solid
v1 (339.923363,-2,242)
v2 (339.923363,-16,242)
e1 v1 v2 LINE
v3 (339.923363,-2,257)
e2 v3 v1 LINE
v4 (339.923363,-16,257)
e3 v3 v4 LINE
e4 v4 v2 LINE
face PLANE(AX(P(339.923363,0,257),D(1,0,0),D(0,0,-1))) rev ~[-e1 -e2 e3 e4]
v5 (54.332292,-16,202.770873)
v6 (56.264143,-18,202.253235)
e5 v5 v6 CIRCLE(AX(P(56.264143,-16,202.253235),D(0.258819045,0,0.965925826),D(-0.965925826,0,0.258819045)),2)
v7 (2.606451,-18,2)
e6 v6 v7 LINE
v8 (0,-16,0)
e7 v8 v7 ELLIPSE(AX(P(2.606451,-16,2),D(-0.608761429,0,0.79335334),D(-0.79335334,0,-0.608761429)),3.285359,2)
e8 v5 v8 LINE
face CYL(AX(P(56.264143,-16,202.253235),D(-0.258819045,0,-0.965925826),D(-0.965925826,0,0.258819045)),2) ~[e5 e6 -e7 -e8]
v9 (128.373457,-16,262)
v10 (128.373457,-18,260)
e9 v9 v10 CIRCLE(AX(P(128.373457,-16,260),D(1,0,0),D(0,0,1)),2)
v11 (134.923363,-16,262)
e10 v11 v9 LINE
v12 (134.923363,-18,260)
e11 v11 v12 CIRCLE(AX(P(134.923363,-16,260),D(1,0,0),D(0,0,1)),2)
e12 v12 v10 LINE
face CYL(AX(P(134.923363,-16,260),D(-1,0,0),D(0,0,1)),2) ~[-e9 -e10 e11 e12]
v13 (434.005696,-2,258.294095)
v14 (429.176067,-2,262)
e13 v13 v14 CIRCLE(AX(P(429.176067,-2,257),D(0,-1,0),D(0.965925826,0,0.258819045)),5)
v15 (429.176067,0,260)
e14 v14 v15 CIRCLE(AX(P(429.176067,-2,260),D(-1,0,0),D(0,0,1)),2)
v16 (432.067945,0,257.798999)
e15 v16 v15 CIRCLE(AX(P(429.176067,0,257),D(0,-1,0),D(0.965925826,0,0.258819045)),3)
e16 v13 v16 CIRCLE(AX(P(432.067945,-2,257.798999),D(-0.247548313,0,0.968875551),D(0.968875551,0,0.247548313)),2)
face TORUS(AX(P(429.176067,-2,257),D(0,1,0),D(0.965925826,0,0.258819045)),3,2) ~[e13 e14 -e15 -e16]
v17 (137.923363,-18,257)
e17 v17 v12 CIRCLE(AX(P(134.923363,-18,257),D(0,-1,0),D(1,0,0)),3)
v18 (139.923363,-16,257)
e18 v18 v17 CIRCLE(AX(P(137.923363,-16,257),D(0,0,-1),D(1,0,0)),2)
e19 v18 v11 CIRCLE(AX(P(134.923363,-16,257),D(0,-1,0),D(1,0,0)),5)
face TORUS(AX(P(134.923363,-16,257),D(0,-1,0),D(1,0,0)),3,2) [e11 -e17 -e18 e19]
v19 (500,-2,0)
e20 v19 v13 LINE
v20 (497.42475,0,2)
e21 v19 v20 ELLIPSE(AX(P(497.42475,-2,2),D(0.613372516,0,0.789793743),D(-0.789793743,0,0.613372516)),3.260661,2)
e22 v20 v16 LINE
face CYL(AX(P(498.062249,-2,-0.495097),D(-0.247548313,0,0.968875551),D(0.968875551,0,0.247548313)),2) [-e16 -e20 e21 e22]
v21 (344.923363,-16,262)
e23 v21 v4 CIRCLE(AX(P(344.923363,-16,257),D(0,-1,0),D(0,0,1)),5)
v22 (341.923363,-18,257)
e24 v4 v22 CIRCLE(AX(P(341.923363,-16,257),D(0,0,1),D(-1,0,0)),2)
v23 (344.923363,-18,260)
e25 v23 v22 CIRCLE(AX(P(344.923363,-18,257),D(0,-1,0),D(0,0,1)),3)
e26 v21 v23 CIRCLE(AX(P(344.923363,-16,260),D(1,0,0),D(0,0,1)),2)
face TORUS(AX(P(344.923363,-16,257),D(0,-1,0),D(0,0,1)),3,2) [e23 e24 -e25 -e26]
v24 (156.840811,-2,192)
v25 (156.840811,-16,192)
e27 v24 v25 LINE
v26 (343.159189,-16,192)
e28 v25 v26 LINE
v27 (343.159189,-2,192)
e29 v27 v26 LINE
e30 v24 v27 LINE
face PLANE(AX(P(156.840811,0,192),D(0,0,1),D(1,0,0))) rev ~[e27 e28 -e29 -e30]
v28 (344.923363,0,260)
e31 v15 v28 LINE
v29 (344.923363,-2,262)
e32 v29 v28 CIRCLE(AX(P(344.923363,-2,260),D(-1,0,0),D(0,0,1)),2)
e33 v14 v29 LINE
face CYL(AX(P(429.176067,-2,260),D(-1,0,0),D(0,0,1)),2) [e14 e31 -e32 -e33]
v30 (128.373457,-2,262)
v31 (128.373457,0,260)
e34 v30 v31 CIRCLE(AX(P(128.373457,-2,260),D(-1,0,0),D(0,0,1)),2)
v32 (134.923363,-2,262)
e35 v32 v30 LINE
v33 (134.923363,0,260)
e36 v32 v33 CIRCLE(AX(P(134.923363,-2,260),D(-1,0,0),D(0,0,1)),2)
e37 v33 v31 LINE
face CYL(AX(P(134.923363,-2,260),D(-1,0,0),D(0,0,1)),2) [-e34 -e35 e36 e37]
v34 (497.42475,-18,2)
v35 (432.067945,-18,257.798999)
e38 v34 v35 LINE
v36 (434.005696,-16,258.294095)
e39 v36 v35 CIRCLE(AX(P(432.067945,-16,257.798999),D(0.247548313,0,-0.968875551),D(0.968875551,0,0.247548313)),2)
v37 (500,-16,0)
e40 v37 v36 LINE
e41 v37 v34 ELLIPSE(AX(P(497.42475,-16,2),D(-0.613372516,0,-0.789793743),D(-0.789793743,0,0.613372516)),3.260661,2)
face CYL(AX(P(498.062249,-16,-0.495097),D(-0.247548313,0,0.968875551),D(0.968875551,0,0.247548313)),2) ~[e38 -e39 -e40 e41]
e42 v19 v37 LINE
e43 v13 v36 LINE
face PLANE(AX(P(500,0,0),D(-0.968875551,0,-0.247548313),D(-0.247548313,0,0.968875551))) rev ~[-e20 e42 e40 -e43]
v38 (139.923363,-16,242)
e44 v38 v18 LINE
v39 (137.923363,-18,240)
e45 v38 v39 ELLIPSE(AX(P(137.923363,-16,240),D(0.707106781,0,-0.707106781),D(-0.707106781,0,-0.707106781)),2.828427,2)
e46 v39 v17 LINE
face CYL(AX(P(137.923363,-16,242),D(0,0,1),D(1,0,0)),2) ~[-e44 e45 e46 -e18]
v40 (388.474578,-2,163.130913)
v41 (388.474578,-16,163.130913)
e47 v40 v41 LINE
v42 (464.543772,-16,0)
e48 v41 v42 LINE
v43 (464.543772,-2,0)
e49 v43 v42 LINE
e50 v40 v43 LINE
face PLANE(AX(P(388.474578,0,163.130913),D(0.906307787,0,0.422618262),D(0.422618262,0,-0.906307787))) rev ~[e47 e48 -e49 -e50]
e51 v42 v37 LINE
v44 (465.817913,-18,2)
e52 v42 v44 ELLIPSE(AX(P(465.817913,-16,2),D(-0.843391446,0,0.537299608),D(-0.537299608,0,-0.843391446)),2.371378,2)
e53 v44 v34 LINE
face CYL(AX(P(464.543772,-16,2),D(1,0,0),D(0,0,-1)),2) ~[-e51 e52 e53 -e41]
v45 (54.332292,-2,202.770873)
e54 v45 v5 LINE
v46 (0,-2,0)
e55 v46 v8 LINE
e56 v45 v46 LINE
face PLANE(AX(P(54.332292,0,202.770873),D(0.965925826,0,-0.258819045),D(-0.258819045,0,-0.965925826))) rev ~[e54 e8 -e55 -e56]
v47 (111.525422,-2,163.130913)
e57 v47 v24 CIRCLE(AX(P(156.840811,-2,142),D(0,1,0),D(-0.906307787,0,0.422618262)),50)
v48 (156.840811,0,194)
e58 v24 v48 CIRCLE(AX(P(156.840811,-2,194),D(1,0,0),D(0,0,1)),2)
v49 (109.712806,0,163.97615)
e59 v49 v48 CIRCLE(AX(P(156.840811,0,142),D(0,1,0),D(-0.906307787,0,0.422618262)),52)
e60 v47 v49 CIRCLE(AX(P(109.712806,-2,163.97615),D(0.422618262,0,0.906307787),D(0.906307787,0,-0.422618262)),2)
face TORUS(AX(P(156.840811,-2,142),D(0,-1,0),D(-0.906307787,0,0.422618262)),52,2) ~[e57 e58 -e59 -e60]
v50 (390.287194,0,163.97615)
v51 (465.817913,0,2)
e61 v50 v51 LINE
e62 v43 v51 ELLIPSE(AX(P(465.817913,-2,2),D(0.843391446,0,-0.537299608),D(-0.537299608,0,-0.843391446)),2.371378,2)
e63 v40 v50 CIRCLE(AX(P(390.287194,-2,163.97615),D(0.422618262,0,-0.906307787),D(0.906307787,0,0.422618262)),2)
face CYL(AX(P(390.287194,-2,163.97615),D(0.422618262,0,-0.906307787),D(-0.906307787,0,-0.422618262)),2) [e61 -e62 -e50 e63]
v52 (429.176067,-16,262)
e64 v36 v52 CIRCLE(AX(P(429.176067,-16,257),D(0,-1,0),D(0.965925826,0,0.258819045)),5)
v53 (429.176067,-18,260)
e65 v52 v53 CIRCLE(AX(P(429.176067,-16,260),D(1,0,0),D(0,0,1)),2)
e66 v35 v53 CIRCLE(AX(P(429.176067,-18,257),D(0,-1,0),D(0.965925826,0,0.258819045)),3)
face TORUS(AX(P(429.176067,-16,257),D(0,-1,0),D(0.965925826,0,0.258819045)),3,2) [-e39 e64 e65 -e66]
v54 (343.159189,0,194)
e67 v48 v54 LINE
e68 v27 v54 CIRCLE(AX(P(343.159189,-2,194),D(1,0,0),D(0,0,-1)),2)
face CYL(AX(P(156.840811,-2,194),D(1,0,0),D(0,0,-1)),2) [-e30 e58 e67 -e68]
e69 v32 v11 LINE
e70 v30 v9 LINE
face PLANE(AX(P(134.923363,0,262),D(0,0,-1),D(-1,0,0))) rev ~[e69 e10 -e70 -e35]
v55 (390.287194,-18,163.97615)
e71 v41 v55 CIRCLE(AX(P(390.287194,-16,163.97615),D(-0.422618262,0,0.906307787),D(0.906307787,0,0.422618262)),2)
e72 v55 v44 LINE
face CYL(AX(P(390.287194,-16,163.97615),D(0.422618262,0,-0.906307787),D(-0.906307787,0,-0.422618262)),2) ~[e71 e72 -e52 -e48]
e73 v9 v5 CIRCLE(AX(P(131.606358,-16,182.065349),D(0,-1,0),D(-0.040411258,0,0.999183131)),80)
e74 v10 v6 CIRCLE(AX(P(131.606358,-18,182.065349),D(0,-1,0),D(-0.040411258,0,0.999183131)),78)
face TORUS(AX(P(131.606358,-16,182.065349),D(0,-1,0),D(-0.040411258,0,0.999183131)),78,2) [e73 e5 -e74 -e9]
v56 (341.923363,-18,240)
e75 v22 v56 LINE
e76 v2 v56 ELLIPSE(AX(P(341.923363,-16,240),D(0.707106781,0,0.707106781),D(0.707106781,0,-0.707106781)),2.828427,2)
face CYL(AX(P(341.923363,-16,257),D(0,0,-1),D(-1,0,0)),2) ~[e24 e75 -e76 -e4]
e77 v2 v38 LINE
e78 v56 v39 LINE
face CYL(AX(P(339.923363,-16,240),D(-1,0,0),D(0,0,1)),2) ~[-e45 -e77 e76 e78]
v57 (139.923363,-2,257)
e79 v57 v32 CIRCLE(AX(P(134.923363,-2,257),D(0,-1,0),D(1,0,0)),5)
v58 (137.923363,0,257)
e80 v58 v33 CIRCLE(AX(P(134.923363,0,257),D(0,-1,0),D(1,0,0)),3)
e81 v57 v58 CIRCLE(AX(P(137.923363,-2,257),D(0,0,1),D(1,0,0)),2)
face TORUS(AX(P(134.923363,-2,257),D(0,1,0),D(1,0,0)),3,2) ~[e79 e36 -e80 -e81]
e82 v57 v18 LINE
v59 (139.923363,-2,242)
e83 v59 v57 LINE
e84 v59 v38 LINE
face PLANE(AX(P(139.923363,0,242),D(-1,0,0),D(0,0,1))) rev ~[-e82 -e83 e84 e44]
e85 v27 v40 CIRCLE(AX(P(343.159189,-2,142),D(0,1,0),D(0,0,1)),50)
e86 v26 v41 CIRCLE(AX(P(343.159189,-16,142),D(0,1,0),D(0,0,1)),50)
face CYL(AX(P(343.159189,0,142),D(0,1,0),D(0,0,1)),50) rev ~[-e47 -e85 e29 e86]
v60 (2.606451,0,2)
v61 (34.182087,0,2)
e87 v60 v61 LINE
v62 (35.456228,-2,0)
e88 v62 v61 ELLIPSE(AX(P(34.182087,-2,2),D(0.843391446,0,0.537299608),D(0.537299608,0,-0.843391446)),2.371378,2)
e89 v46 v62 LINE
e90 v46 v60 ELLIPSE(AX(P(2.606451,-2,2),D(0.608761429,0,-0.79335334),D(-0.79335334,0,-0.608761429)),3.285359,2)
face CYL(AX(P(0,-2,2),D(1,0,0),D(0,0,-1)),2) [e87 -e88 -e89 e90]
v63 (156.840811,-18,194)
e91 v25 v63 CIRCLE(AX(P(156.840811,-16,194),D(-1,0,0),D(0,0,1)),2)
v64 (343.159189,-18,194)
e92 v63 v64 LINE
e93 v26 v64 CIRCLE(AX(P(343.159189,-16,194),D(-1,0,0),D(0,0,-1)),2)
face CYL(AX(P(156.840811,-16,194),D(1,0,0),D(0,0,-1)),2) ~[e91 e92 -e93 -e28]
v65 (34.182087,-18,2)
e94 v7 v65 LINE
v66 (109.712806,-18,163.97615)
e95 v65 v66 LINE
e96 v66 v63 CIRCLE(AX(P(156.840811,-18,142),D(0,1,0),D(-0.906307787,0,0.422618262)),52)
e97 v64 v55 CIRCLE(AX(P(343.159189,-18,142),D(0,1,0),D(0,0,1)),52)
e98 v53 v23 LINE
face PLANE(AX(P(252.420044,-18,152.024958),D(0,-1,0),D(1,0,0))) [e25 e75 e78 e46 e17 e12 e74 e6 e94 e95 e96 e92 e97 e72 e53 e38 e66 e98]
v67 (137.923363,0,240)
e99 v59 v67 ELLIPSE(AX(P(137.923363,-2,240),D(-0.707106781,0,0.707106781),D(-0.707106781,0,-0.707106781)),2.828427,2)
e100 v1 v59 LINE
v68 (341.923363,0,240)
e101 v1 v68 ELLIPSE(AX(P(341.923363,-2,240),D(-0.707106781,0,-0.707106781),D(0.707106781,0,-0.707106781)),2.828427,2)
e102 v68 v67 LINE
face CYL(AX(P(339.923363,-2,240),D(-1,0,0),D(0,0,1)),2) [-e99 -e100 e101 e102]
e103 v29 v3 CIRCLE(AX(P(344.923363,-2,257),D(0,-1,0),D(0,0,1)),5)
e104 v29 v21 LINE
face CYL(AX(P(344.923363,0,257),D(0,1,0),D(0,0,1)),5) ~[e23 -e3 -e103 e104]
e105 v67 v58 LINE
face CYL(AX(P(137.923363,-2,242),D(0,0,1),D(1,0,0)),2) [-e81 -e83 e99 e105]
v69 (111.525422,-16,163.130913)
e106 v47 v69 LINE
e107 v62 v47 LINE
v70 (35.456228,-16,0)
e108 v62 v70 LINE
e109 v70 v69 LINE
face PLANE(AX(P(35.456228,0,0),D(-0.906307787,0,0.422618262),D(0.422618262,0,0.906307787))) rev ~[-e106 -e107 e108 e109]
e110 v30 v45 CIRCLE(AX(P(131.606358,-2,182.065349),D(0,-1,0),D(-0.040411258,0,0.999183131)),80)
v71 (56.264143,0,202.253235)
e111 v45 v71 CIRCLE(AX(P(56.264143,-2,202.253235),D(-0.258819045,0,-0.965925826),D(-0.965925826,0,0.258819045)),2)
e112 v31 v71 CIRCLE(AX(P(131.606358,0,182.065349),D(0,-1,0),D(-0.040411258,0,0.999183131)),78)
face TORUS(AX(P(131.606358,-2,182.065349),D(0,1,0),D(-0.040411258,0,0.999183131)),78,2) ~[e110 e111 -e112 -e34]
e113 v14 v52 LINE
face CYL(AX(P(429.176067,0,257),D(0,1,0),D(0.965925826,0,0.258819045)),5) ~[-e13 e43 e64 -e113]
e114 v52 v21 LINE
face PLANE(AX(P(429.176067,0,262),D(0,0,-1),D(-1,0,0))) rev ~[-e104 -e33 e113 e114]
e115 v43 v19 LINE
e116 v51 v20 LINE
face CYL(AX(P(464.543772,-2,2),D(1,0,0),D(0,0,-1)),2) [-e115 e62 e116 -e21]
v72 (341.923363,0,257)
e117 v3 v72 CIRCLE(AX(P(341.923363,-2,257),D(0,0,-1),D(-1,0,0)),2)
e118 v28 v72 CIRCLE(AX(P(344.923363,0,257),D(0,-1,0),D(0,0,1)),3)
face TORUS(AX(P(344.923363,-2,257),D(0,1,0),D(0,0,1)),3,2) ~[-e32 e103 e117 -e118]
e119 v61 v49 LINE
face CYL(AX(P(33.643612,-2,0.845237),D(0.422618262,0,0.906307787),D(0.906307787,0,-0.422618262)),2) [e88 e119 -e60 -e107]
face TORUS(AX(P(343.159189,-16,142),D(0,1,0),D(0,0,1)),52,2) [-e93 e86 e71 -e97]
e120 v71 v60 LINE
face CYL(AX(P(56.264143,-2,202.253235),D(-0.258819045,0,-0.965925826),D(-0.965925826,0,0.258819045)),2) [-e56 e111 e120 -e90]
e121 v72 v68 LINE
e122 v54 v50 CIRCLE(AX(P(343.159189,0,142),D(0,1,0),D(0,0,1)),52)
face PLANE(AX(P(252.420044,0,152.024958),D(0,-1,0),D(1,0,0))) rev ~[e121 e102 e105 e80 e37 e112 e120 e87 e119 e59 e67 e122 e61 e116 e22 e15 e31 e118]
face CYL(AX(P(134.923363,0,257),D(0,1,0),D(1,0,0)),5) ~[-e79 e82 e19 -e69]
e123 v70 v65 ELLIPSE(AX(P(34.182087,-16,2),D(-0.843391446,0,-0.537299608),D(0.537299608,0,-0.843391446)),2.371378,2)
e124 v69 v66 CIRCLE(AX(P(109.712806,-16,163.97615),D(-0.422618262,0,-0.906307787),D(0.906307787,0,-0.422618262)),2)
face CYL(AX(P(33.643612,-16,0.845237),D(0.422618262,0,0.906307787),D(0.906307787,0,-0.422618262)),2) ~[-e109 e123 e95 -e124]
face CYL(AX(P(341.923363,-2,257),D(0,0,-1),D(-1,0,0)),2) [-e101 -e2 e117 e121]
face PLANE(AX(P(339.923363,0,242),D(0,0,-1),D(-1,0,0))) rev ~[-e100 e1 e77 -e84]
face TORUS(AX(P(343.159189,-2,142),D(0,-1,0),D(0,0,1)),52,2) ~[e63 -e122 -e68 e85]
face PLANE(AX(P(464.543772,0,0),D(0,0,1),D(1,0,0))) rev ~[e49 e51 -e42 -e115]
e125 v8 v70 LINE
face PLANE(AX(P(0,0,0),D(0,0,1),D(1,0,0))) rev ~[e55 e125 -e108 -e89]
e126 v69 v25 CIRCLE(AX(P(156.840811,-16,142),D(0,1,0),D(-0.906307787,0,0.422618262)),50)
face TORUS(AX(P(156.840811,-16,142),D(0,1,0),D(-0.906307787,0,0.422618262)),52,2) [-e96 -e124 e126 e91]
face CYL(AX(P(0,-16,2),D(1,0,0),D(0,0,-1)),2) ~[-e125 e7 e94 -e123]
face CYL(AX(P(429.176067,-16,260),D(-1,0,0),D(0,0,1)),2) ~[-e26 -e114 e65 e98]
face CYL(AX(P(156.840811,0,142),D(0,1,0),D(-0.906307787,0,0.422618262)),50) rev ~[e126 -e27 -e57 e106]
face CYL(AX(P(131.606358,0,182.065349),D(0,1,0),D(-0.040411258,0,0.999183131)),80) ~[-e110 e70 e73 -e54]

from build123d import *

# Parameters (mm, degrees)
F1_DEPTH = 18
F2_R     = 2


with BuildPart() as f1:
    # F0 (on Front) → F1 (new body)
    with BuildSketch(Plane.XZ):
        with BuildLine():
            Line((54.3322916932, 202.7708730905), (0, 0))
            Line((0, 0), (35.456227742, 0))
            Line((35.456227742, 0), (111.5254217963, 163.130913087))
            ThreePointArc((111.5254217963, 163.130913087), (129.9758307308, 184.1695722906), (156.8408111482, 192))
            Line((156.8408111482, 192), (343.1591888518, 192))
            ThreePointArc((343.1591888518, 192), (370.0241692692, 184.1695722906), (388.4745782037, 163.130913087))
            Line((388.4745782037, 163.130913087), (464.543772258, 0))
            Line((464.543772258, 0), (500, 0))
            Line((500, 0), (434.0056960838, 258.2940952255))
            ThreePointArc((434.0056960838, 258.2940952255), (432.2198740974, 260.9667667015), (429.1760669523, 262))
            Line((429.1760669523, 262), (371.6265428539, 262))
            Line((371.6265428539, 262), (344.9233630828, 262))
            ThreePointArc((344.9233630828, 262), (341.3878291768, 260.5355339059), (339.9233630828, 257))
            Line((339.9233630828, 257), (339.9233630828, 242))
            Line((339.9233630828, 242), (139.9233630828, 242))
            Line((139.9233630828, 242), (139.9233630828, 257))
            ThreePointArc((139.9233630828, 257), (138.4588969887, 260.5355339059), (134.9233630828, 262))
            Line((134.9233630828, 262), (128.3734571461, 262))
            ThreePointArc((128.3734571461, 262), (81.6327118159, 244.5364204466), (54.3322916932, 202.7708730905))
        make_face()
    extrude(amount=F1_DEPTH)

    # F2
    f2_edges = [f1.edges().sort_by_distance(p)[0] for p in [
        (339.923363, -18, 249.5),
        (239.923363, -18, 242),
        (139.923363, -18, 249.5),
        (138.458897, -18, 260.535534),
        (131.64841, -18, 262),
        (81.632712, -18, 244.53642),
        (27.166146, -18, 101.385437),
        (17.728114, -18, 0),
        (73.490825, -18, 81.565457),
        (129.975831, -18, 184.169572),
        (250, -18, 192),
        (370.024169, -18, 184.169572),
        (426.509175, -18, 81.565457),
        (482.271886, -18, 0),
        (467.002848, -18, 129.147048),
        (432.219874, -18, 260.966767),
        (387.049715, -18, 262),
        (341.387829, -18, 260.535534),
        (339.923363, 0, 249.5),
        (239.923363, 0, 242),
        (139.923363, 0, 249.5),
        (138.458897, 0, 260.535534),
        (131.64841, 0, 262),
        (81.632712, 0, 244.53642),
        (27.166146, 0, 101.385437),
        (17.728114, 0, 0),
        (73.490825, 0, 81.565457),
        (129.975831, 0, 184.169572),
        (250, 0, 192),
        (370.024169, 0, 184.169572),
        (426.509175, 0, 81.565457),
        (482.271886, 0, 0),
        (467.002848, 0, 129.147048),
        (432.219874, 0, 260.966767),
        (387.049715, 0, 262),
        (341.387829, 0, 260.535534),
    ]]
    fillet(f2_edges, radius=F2_R)


solid = f1.part
